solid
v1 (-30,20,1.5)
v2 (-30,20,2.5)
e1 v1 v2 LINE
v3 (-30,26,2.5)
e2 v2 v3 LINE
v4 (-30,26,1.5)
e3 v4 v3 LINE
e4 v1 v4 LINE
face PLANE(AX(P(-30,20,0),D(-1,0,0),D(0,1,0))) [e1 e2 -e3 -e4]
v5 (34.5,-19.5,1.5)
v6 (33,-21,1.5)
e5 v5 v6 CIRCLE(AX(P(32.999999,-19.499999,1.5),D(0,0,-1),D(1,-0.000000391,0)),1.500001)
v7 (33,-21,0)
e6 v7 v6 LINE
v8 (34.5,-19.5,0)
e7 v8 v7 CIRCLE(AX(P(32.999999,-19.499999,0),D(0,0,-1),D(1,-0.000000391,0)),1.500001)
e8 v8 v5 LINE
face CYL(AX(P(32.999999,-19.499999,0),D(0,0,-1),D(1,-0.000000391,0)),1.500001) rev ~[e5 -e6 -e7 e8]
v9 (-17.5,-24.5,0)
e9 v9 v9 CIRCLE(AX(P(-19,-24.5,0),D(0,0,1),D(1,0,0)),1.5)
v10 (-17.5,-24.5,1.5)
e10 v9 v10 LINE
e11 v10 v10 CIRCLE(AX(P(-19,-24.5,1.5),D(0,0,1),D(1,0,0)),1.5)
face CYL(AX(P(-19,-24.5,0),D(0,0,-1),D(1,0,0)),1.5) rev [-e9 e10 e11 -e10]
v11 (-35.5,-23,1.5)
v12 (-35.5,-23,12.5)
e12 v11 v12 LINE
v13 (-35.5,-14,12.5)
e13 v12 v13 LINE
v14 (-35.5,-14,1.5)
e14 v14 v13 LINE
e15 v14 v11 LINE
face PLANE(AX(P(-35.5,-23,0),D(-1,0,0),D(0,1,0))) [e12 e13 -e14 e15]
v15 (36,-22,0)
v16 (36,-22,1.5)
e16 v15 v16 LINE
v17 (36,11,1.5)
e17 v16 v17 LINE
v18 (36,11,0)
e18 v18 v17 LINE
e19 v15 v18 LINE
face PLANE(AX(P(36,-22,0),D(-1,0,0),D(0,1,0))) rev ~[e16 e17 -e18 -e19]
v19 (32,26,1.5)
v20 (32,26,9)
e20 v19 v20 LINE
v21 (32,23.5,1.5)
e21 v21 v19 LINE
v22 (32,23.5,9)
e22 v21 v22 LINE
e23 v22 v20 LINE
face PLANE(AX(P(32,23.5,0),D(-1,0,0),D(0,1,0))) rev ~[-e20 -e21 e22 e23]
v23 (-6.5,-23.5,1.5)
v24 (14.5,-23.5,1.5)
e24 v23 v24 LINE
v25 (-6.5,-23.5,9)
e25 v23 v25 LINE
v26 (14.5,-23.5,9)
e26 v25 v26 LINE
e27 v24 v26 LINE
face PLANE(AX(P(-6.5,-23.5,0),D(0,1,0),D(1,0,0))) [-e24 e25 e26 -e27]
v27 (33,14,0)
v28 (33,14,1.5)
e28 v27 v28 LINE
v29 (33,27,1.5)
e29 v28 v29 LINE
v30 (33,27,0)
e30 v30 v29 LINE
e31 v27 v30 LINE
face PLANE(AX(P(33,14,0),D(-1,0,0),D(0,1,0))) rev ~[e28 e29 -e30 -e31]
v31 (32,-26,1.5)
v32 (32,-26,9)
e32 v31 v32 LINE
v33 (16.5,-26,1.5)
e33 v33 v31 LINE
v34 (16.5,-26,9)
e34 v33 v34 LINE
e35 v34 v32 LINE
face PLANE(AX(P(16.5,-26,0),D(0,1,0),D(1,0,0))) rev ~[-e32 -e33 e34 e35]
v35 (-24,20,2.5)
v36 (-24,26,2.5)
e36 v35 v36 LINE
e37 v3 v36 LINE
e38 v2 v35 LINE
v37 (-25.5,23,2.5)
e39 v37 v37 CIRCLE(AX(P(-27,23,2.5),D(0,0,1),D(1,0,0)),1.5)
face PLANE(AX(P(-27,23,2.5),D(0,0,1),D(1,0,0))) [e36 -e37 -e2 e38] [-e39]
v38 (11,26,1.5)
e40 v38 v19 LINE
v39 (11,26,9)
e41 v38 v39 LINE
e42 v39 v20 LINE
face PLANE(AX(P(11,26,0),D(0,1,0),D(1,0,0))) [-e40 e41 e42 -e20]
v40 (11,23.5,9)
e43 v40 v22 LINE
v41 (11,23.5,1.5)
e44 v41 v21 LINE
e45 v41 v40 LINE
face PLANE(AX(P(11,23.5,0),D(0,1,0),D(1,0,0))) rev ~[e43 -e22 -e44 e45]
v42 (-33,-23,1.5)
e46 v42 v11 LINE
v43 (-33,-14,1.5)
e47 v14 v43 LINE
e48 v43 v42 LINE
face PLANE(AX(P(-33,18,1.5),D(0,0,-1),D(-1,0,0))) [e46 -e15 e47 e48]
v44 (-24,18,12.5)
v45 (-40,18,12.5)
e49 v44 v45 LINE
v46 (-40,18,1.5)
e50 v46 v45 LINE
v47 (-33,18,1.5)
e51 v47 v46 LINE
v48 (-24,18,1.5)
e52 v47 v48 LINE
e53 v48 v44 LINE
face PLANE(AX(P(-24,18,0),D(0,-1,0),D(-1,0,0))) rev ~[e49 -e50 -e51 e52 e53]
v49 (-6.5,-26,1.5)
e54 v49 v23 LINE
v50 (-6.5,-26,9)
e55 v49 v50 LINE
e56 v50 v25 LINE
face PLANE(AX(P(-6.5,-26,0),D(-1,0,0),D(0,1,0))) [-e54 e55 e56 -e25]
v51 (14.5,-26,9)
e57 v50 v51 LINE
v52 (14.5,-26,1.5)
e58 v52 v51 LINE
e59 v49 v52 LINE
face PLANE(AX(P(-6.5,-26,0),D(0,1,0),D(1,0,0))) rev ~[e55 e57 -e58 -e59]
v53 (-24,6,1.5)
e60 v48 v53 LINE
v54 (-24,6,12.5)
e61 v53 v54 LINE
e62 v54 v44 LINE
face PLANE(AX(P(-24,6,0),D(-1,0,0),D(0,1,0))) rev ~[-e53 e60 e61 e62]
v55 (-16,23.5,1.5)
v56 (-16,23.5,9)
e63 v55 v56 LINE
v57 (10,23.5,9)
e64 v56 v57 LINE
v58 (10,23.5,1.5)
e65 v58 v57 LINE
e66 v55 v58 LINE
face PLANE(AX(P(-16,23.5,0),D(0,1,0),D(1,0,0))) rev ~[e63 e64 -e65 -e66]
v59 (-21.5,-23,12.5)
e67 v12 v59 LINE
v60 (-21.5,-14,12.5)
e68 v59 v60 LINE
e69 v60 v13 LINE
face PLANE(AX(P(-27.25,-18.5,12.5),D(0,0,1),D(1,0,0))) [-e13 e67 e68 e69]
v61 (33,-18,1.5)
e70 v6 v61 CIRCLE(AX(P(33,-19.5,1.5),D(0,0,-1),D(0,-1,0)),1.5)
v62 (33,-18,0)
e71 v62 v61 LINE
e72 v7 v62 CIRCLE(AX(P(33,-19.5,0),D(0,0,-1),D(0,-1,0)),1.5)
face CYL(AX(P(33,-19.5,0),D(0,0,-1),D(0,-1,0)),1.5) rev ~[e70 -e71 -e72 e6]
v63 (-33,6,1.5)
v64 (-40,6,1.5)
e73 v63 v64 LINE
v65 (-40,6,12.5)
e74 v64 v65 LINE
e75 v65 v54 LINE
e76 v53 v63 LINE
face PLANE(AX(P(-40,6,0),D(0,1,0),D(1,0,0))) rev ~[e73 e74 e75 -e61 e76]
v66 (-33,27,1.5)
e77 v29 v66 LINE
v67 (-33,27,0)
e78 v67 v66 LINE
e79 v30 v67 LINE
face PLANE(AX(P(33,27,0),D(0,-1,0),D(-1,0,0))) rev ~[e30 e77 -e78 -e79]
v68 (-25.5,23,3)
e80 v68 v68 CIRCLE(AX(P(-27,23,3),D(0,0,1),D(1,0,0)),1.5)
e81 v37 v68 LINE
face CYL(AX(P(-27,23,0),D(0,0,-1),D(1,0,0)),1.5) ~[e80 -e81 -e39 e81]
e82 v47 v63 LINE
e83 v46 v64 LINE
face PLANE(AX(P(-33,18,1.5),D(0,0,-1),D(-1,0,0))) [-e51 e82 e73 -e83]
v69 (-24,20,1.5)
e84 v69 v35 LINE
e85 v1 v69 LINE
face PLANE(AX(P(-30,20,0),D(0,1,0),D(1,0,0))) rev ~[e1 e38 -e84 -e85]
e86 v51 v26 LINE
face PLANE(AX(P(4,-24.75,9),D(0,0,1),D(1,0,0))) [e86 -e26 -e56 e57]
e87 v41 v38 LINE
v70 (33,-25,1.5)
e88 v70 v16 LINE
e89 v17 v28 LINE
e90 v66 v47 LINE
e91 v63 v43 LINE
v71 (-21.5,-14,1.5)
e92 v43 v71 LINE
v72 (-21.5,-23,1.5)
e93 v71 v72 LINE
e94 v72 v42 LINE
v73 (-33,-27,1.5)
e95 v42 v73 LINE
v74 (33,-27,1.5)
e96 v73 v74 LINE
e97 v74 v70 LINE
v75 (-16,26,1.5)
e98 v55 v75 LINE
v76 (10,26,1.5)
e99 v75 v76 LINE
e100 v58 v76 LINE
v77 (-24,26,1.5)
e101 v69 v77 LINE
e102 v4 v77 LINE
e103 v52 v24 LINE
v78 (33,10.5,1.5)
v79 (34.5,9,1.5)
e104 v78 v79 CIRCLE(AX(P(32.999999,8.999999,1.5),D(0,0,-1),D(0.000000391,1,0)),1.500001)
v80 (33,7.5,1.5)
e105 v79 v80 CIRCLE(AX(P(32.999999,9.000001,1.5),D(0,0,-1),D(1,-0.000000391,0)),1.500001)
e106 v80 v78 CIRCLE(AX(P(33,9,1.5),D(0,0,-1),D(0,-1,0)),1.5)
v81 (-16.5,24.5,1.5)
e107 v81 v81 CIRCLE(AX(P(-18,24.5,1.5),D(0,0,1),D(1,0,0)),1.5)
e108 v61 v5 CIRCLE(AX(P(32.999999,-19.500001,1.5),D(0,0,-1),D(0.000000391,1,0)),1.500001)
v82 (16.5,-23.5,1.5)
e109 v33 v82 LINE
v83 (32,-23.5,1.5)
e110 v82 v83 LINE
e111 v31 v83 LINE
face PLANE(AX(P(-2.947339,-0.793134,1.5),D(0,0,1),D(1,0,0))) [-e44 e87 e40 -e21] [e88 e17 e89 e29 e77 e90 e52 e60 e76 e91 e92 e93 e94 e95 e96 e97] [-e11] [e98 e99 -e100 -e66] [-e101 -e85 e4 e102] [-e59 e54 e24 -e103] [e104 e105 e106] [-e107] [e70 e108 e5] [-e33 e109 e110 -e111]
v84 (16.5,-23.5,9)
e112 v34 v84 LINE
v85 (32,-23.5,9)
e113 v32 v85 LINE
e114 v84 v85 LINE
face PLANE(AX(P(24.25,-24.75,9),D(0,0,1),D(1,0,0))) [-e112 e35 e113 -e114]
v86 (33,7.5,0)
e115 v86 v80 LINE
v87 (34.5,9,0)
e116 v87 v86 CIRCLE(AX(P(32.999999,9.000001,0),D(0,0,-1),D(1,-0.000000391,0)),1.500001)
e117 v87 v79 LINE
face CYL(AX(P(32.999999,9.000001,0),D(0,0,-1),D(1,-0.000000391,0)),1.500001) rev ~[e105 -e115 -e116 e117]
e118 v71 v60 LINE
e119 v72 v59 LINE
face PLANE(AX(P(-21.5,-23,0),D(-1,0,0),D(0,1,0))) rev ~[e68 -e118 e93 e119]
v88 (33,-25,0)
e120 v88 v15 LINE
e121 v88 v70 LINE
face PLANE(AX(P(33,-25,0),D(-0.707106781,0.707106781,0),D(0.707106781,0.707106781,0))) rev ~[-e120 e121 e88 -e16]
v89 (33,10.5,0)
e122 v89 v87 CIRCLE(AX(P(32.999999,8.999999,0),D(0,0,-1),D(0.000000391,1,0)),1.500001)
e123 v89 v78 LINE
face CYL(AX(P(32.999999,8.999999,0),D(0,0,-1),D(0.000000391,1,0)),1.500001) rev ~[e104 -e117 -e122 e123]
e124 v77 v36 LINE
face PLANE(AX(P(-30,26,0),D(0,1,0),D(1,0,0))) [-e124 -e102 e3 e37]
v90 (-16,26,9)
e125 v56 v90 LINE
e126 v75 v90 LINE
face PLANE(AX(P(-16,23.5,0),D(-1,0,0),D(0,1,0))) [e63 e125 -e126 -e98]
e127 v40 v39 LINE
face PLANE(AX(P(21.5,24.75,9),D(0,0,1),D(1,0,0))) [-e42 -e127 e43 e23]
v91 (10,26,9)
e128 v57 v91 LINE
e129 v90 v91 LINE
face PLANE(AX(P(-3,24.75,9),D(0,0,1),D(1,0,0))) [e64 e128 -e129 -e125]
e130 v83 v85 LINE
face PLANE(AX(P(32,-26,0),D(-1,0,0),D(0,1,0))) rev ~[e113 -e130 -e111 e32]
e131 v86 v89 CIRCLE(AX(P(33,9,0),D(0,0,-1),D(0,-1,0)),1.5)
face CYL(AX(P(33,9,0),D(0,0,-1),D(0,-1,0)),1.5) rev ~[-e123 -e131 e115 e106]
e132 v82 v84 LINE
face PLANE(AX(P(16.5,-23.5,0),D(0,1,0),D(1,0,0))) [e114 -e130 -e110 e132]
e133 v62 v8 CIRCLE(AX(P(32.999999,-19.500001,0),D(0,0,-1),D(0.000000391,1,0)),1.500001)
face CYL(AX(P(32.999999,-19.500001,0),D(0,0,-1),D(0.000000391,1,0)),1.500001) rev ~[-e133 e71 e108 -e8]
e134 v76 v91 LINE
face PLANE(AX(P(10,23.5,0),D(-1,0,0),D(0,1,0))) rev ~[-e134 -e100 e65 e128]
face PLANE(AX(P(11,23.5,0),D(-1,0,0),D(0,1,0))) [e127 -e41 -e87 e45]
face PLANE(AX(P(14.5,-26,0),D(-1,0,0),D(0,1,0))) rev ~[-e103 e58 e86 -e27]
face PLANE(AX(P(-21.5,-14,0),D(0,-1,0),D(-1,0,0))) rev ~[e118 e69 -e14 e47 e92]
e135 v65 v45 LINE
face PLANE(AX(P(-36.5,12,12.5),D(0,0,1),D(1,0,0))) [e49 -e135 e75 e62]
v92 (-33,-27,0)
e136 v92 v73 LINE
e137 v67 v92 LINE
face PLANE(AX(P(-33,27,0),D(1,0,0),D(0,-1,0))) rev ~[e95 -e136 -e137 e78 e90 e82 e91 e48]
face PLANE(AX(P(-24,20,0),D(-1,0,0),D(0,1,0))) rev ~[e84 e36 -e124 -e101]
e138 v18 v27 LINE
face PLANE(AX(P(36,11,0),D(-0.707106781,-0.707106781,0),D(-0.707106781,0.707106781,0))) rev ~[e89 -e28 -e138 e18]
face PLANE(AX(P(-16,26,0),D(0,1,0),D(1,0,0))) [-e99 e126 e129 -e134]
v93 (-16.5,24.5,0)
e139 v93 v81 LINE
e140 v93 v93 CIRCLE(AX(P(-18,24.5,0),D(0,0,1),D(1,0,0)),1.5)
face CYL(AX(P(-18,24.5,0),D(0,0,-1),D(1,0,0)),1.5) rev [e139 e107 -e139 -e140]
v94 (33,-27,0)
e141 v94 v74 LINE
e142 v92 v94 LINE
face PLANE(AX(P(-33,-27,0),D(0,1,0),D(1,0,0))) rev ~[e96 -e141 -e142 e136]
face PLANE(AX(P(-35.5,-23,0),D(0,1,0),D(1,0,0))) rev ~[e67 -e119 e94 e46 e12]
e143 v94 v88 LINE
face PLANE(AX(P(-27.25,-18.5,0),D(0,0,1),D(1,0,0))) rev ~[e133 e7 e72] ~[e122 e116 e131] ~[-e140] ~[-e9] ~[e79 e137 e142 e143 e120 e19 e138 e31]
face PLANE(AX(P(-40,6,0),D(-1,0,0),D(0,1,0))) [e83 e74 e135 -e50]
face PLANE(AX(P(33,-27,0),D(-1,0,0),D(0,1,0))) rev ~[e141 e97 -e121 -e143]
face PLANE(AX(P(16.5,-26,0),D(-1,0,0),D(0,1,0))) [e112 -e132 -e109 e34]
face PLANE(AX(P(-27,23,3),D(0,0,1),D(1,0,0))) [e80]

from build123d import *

# Parameters (mm, degrees)
F0_R     = 1.5
F0_W     = 21
F0_H     = 2.5
F0_W_2   = 15.5
F0_W_3   = 6
F0_H_2   = 6
F0_W_4   = 26
F1_DEPTH = 1.5
F2_DEPTH = 9
F3_DEPTH = 2.5
F4_DEPTH = 3
F0_W_5   = 7
F0_H_3   = 12
F0_W_6   = 9
F5_DEPTH = 12.5
F0_W_7   = 11.5
F0_H_4   = 9
F0_W_8   = 2.5
F6_DEPTH = 12.5
F7_W     = 7
F7_H     = 1.5
F8_DEPTH = 45.001


with BuildPart() as f1:
    # F0 (on Top) → F1 (new body)
    with BuildSketch(Plane.XY):
        with BuildLine():
            Line((33, 27), (-33, 27))
            Line((-33, 27), (-33, 18))
            Line((-33, 18), (-24, 18))
            Line((-24, 18), (-24, 6))
            Line((-24, 6), (-33, 6))
            Line((-33, 6), (-33, -14))
            Line((-33, -14), (-21.5, -14))
            Line((-21.5, -14), (-21.5, -23))
            Line((-21.5, -23), (-33, -23))
            Line((-33, -23), (-33, -27))
            Line((-33, -27), (33, -27))
            Line((33, -27), (33, -25))
            Line((33, -25), (33, -21))
            ThreePointArc((33, -21), (31.5, -19.5), (33, -18))
            Line((33, -18), (33, 7.5))
            ThreePointArc((33, 7.5), (31.5, 9), (33, 10.5))
            Line((33, 10.5), (33, 14))
            Line((33, 14), (33, 27))
        make_face()
        with Locations((-19, -24.5)):
            Circle(F0_R, mode=Mode.SUBTRACT)
        with Locations((4, -24.75)):
            Rectangle(F0_W, F0_H, mode=Mode.SUBTRACT)
        with Locations((24.25, -24.75)):
            Rectangle(F0_W_2, F0_H, mode=Mode.SUBTRACT)
        with Locations((-27, 23)):
            Rectangle(F0_W_3, F0_H_2, mode=Mode.SUBTRACT)
        with Locations((-18, 24.5)):
            Circle(F0_R, mode=Mode.SUBTRACT)
        with Locations((-3, 24.75)):
            Rectangle(F0_W_4, F0_H, mode=Mode.SUBTRACT)
        with Locations((21.5, 24.75)):
            Rectangle(F0_W, F0_H, mode=Mode.SUBTRACT)
        with BuildLine():
            Line((36, 11), (33, 14))
            Line((33, 14), (33, 10.5))
            ThreePointArc((33, 10.5), (34.06066, 10.06066), (34.5, 9))
            ThreePointArc((34.5, 9), (34.06066, 7.93934), (33, 7.5))
            Line((33, 7.5), (33, -18))
            ThreePointArc((33, -18), (34.06066, -18.43934), (34.5, -19.5))
            ThreePointArc((34.5, -19.5), (34.06066, -20.56066), (33, -21))
            Line((33, -21), (33, -25))
            Line((33, -25), (36, -22))
            Line((36, -22), (36, 11))
        make_face()
    extrude(amount=F1_DEPTH)

    # F0 (on Top) → F2 (join)
    with BuildSketch(Plane.XY):
        with Locations((-3, 24.75)):
            Rectangle(F0_W_4, F0_H)
        with Locations((21.5, 24.75)):
            Rectangle(F0_W, F0_H)
        with Locations((4, -24.75)):
            Rectangle(F0_W, F0_H)
        with Locations((24.25, -24.75)):
            Rectangle(F0_W_2, F0_H)
    extrude(amount=F2_DEPTH)

    # F0 (on Top) → F3 (join)
    with BuildSketch(Plane.XY):
        with Locations((-27, 23)):
            Rectangle(F0_W_3, F0_H_2)
        with Locations((-27, 23)):
            Circle(F0_R, mode=Mode.SUBTRACT)
    extrude(amount=F3_DEPTH)

    # F0 (on Top) → F4 (join)
    with BuildSketch(Plane.XY):
        with Locations((-27, 23)):
            Circle(F0_R)
    extrude(amount=F4_DEPTH)

    # F0 (on Top) → F5 (join)
    with BuildSketch(Plane.XY):
        with Locations((-36.5, 12)):
            Rectangle(F0_W_5, F0_H_3)
        with Locations((-28.5, 12)):
            Rectangle(F0_W_6, F0_H_3)
    extrude(amount=F5_DEPTH)

    # F0 (on Top) → F6 (join)
    with BuildSketch(Plane.XY):
        with Locations((-27.25, -18.5)):
            Rectangle(F0_W_7, F0_H_4)
        with Locations((-34.25, -18.5)):
            Rectangle(F0_W_8, F0_H_4)
    extrude(amount=F6_DEPTH)

    # F7 (on face) → F8 (cut, through all)
    with BuildSketch(Plane(origin=(0, 18, 0), x_dir=(-1, 0, 0), z_dir=(0, 1, 0))):
        with Locations((36.5, 0.75)):
            Rectangle(F7_W, F7_H)
    extrude(amount=-F8_DEPTH, mode=Mode.SUBTRACT)


solid = f1.part
